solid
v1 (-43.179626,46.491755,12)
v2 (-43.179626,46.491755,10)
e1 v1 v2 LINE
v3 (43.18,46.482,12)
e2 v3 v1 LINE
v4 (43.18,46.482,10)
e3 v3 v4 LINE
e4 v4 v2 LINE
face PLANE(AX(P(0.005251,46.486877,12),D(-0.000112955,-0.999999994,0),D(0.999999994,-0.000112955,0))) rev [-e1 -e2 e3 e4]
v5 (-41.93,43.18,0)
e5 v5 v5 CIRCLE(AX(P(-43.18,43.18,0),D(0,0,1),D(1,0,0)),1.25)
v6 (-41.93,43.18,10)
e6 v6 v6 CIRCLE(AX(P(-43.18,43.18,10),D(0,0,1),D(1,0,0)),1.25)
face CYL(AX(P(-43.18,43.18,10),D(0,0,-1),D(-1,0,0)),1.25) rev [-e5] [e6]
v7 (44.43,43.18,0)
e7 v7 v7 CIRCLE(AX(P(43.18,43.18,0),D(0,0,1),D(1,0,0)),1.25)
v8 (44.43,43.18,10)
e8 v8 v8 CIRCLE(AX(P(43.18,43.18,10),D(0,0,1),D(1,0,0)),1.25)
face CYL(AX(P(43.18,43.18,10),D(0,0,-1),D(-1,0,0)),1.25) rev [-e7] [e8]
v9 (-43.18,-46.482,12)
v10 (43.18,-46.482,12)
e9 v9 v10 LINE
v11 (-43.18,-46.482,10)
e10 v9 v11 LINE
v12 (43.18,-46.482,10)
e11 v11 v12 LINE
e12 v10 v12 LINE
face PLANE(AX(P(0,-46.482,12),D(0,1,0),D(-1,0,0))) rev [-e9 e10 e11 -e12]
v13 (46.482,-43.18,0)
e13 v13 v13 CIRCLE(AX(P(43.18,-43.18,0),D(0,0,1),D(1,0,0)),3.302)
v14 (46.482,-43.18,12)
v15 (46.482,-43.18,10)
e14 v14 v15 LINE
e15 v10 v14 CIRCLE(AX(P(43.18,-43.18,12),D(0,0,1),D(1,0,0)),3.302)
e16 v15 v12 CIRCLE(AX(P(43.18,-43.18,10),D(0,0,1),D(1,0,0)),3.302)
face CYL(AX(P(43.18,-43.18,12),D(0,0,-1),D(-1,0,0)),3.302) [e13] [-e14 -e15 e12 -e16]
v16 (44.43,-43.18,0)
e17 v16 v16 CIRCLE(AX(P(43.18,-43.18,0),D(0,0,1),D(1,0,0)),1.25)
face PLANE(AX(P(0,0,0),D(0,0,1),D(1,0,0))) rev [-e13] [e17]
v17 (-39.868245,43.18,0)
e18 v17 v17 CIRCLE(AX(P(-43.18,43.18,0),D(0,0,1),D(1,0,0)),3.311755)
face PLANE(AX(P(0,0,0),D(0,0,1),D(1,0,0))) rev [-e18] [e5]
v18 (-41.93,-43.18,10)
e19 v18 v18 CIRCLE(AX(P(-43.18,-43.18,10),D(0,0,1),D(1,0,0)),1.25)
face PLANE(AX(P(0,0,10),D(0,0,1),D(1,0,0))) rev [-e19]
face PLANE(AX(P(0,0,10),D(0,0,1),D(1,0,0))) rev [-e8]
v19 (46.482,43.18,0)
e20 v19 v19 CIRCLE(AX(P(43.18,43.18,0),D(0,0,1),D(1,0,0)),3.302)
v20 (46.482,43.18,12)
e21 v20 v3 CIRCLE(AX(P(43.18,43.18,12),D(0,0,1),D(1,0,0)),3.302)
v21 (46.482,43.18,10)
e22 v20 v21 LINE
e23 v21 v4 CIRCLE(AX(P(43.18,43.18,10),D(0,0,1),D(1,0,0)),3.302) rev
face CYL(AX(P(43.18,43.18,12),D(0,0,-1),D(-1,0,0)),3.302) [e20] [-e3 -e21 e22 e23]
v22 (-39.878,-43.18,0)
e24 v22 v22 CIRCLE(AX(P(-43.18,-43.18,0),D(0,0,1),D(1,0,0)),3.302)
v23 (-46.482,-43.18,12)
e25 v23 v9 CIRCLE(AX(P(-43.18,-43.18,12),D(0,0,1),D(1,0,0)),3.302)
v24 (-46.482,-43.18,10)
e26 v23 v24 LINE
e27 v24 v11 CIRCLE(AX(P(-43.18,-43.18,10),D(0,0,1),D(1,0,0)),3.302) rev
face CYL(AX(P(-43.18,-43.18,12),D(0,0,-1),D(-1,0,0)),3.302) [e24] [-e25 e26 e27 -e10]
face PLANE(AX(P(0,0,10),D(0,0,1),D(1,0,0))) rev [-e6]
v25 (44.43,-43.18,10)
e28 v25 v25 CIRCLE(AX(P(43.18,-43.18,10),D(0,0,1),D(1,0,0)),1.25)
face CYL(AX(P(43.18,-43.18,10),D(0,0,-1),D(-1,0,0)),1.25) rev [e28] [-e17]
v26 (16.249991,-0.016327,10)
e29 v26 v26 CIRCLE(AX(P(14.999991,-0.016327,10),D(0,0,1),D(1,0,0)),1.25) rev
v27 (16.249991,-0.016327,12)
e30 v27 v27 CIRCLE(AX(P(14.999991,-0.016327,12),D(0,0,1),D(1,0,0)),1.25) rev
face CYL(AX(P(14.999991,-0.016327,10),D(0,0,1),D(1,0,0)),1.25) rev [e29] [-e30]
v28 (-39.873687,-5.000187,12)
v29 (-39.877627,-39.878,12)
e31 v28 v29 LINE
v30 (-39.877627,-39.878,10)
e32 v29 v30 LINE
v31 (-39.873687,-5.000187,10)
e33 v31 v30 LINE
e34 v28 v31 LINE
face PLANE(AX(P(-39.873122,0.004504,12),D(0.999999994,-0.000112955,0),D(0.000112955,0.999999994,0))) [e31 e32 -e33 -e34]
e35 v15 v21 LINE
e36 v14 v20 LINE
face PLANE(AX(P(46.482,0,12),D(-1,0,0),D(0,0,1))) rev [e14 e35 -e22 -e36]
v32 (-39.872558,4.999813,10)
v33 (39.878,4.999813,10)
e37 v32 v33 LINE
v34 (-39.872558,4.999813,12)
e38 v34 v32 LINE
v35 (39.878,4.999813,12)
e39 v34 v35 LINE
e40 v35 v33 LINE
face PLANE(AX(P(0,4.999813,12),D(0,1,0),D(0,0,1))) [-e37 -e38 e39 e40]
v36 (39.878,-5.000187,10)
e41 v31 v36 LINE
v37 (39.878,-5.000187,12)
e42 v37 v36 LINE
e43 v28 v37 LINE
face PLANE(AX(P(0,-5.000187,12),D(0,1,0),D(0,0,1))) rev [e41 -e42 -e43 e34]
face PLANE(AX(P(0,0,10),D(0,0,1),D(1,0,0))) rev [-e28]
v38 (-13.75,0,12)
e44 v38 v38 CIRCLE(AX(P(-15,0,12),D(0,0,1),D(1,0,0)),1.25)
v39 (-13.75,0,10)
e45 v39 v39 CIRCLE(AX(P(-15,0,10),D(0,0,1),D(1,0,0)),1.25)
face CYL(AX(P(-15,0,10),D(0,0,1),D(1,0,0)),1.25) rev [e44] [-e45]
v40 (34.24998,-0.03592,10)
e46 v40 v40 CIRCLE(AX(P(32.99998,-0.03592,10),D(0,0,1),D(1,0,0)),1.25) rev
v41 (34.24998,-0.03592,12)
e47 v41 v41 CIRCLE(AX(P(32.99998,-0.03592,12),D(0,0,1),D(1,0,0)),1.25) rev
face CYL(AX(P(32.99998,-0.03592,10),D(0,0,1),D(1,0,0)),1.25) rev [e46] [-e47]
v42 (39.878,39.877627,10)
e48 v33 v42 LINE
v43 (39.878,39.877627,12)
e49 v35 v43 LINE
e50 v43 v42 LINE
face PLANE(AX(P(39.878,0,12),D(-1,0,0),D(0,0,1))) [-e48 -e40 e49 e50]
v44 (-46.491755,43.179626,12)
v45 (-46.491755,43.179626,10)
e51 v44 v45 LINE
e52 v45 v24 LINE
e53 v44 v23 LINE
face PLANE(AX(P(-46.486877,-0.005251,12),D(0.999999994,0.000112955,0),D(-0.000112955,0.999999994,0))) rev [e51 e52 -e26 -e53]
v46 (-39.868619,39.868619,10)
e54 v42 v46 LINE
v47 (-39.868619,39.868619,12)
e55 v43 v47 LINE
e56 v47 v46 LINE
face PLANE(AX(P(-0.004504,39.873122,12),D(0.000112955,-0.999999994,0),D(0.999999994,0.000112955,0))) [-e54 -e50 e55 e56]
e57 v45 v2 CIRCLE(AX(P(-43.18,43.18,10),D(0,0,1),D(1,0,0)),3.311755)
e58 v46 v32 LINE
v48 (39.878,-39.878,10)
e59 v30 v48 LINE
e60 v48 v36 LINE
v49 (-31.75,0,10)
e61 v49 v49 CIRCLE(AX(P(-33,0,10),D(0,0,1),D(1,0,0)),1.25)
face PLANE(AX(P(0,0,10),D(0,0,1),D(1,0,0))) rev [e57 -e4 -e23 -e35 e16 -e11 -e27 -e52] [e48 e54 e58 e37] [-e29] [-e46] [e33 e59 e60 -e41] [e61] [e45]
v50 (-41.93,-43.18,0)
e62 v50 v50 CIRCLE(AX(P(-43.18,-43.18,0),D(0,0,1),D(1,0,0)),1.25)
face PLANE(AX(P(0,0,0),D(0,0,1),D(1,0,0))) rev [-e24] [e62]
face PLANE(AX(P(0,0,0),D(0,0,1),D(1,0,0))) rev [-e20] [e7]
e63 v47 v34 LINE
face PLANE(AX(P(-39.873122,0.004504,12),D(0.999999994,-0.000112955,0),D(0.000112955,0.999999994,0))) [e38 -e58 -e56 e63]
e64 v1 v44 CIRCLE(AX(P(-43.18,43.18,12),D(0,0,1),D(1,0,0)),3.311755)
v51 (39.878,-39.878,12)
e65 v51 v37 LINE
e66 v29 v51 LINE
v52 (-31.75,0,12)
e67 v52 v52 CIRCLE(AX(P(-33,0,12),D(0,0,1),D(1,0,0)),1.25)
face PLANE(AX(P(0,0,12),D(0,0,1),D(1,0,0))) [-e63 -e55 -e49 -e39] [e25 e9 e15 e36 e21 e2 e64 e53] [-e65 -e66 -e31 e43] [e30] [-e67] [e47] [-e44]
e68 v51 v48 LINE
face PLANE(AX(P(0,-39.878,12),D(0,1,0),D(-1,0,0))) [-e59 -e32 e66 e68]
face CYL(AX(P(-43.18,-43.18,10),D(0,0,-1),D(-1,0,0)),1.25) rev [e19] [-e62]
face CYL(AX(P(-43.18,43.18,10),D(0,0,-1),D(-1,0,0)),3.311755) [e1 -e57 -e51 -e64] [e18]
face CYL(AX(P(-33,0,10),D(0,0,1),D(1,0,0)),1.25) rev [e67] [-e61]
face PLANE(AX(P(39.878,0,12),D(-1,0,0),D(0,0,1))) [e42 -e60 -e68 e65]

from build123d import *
from build123d.topology import SkipClean

# Parameters (mm, degrees)
SKIZZE2_R                         = 3.311754822
SKIZZE2_R_2                       = 1.25
AUFSATZ_LINEAR_AUSTRAGEN1_DEPTH   = 10
SKIZZE2_R_3                       = 3.302
AUFSATZ_LINEAR_AUSTRAGEN1_2_DEPTH = 10
AUFSATZ_LINEAR_AUSTRAGEN1_3_DEPTH = 10
AUFSATZ_LINEAR_AUSTRAGEN1_4_DEPTH = 10
AUFSATZ_LINEAR_AUSTRAGEN2_DEPTH   = 2
SKIZZE4_R                         = 1.25
SCHNITT_LINEAR_AUSTRAGEN1_DEPTH   = 2


with BuildPart() as part:
    # Skizze2 → Aufsatz-Linear austragen1 (new body)
    with BuildSketch(Plane.XY):
        with Locations((-43.18, 43.18)):
            Circle(SKIZZE2_R)
        with Locations((-43.18, 43.18)):
            Circle(SKIZZE2_R_2, mode=Mode.SUBTRACT)
    extrude(amount=AUFSATZ_LINEAR_AUSTRAGEN1_DEPTH)



with BuildPart() as body_2:
    # Skizze2 → Aufsatz-Linear austragen1 2 (new body)
    with BuildSketch(Plane.XY):
        with Locations((-43.18, -43.18)):
            Circle(SKIZZE2_R_3)
        with Locations((-43.18, -43.18)):
            Circle(SKIZZE2_R_2, mode=Mode.SUBTRACT)
    extrude(amount=AUFSATZ_LINEAR_AUSTRAGEN1_2_DEPTH)


with BuildPart() as body_3:
    # Skizze2 → Aufsatz-Linear austragen1 3 (new body)
    with BuildSketch(Plane.XY):
        with Locations((43.18, -43.18)):
            Circle(SKIZZE2_R_3)
        with Locations((43.18, -43.18)):
            Circle(SKIZZE2_R_2, mode=Mode.SUBTRACT)
    extrude(amount=AUFSATZ_LINEAR_AUSTRAGEN1_3_DEPTH)


with BuildPart() as body_4:
    # Skizze2 → Aufsatz-Linear austragen1 4 (new body)
    with BuildSketch(Plane.XY):
        with Locations((43.18, 43.18)):
            Circle(SKIZZE2_R_3)
        with Locations((43.18, 43.18)):
            Circle(SKIZZE2_R_2, mode=Mode.SUBTRACT)
    extrude(amount=AUFSATZ_LINEAR_AUSTRAGEN1_4_DEPTH)


with BuildPart() as part_1:
    with SkipClean():  # the faces are left unmerged after this step: merging them gives an invalid solid
        add(part.part)

        add(body_2.part)  # Aufsatz-Linear austragen2 merges body 2

        add(body_3.part)  # Aufsatz-Linear austragen2 merges body 3

        add(body_4.part)  # Aufsatz-Linear austragen2 merges body 4
        # Skizze3 → Aufsatz-Linear austragen2 (add)
        with BuildSketch(Plane.XY.offset(10)):
            with BuildLine():
                ThreePointArc((46.482, 43.18), (45.514866591, 45.514866591), (43.18, 46.482))
                Line((43.18, 46.482), (-43.18, 46.491754822))
                ThreePointArc((-43.18, 46.491754822), (-45.521764292, 45.521764292), (-46.491754822, 43.18))
                Line((-46.491754822, 43.18), (-46.482, -43.18))
                ThreePointArc((-46.482, -43.18), (-45.514866591, -45.514866591), (-43.18, -46.482))
                Line((-43.18, -46.482), (43.18, -46.482))
                ThreePointArc((43.18, -46.482), (45.514866591, -45.514866591), (46.482, -43.18))
                Line((46.482, -43.18), (46.482, 43.18))
            make_face()
            Polygon((39.878, -39.878), (-39.877627022, -39.878), (-39.873687387, -5.000187008), (39.878, -5.000187008), align=None, mode=Mode.SUBTRACT)
            Polygon((39.878, 39.877627022), (39.878, 4.999812928), (-39.872557834, 4.999812928), (-39.868619216, 39.868619216), align=None, mode=Mode.SUBTRACT)
        extrude(amount=AUFSATZ_LINEAR_AUSTRAGEN2_DEPTH)

    # Skizze4 → Schnitt-Linear austragen1 (cut)
    with SkipClean():  # the faces are left unmerged after this step: merging them gives an invalid solid
        with BuildSketch(Plane.XY.offset(12)):
            with Locations((-33, 0)):
                Circle(SKIZZE4_R)
            with Locations((-15, 0)):
                Circle(SKIZZE4_R)
            with Locations((32.999980451, -0.035919632)):
                Circle(SKIZZE4_R)
            with Locations((14.999991114, -0.016327105)):
                Circle(SKIZZE4_R)
        extrude(amount=-SCHNITT_LINEAR_AUSTRAGEN1_DEPTH, mode=Mode.SUBTRACT)


solid = part_1.part
